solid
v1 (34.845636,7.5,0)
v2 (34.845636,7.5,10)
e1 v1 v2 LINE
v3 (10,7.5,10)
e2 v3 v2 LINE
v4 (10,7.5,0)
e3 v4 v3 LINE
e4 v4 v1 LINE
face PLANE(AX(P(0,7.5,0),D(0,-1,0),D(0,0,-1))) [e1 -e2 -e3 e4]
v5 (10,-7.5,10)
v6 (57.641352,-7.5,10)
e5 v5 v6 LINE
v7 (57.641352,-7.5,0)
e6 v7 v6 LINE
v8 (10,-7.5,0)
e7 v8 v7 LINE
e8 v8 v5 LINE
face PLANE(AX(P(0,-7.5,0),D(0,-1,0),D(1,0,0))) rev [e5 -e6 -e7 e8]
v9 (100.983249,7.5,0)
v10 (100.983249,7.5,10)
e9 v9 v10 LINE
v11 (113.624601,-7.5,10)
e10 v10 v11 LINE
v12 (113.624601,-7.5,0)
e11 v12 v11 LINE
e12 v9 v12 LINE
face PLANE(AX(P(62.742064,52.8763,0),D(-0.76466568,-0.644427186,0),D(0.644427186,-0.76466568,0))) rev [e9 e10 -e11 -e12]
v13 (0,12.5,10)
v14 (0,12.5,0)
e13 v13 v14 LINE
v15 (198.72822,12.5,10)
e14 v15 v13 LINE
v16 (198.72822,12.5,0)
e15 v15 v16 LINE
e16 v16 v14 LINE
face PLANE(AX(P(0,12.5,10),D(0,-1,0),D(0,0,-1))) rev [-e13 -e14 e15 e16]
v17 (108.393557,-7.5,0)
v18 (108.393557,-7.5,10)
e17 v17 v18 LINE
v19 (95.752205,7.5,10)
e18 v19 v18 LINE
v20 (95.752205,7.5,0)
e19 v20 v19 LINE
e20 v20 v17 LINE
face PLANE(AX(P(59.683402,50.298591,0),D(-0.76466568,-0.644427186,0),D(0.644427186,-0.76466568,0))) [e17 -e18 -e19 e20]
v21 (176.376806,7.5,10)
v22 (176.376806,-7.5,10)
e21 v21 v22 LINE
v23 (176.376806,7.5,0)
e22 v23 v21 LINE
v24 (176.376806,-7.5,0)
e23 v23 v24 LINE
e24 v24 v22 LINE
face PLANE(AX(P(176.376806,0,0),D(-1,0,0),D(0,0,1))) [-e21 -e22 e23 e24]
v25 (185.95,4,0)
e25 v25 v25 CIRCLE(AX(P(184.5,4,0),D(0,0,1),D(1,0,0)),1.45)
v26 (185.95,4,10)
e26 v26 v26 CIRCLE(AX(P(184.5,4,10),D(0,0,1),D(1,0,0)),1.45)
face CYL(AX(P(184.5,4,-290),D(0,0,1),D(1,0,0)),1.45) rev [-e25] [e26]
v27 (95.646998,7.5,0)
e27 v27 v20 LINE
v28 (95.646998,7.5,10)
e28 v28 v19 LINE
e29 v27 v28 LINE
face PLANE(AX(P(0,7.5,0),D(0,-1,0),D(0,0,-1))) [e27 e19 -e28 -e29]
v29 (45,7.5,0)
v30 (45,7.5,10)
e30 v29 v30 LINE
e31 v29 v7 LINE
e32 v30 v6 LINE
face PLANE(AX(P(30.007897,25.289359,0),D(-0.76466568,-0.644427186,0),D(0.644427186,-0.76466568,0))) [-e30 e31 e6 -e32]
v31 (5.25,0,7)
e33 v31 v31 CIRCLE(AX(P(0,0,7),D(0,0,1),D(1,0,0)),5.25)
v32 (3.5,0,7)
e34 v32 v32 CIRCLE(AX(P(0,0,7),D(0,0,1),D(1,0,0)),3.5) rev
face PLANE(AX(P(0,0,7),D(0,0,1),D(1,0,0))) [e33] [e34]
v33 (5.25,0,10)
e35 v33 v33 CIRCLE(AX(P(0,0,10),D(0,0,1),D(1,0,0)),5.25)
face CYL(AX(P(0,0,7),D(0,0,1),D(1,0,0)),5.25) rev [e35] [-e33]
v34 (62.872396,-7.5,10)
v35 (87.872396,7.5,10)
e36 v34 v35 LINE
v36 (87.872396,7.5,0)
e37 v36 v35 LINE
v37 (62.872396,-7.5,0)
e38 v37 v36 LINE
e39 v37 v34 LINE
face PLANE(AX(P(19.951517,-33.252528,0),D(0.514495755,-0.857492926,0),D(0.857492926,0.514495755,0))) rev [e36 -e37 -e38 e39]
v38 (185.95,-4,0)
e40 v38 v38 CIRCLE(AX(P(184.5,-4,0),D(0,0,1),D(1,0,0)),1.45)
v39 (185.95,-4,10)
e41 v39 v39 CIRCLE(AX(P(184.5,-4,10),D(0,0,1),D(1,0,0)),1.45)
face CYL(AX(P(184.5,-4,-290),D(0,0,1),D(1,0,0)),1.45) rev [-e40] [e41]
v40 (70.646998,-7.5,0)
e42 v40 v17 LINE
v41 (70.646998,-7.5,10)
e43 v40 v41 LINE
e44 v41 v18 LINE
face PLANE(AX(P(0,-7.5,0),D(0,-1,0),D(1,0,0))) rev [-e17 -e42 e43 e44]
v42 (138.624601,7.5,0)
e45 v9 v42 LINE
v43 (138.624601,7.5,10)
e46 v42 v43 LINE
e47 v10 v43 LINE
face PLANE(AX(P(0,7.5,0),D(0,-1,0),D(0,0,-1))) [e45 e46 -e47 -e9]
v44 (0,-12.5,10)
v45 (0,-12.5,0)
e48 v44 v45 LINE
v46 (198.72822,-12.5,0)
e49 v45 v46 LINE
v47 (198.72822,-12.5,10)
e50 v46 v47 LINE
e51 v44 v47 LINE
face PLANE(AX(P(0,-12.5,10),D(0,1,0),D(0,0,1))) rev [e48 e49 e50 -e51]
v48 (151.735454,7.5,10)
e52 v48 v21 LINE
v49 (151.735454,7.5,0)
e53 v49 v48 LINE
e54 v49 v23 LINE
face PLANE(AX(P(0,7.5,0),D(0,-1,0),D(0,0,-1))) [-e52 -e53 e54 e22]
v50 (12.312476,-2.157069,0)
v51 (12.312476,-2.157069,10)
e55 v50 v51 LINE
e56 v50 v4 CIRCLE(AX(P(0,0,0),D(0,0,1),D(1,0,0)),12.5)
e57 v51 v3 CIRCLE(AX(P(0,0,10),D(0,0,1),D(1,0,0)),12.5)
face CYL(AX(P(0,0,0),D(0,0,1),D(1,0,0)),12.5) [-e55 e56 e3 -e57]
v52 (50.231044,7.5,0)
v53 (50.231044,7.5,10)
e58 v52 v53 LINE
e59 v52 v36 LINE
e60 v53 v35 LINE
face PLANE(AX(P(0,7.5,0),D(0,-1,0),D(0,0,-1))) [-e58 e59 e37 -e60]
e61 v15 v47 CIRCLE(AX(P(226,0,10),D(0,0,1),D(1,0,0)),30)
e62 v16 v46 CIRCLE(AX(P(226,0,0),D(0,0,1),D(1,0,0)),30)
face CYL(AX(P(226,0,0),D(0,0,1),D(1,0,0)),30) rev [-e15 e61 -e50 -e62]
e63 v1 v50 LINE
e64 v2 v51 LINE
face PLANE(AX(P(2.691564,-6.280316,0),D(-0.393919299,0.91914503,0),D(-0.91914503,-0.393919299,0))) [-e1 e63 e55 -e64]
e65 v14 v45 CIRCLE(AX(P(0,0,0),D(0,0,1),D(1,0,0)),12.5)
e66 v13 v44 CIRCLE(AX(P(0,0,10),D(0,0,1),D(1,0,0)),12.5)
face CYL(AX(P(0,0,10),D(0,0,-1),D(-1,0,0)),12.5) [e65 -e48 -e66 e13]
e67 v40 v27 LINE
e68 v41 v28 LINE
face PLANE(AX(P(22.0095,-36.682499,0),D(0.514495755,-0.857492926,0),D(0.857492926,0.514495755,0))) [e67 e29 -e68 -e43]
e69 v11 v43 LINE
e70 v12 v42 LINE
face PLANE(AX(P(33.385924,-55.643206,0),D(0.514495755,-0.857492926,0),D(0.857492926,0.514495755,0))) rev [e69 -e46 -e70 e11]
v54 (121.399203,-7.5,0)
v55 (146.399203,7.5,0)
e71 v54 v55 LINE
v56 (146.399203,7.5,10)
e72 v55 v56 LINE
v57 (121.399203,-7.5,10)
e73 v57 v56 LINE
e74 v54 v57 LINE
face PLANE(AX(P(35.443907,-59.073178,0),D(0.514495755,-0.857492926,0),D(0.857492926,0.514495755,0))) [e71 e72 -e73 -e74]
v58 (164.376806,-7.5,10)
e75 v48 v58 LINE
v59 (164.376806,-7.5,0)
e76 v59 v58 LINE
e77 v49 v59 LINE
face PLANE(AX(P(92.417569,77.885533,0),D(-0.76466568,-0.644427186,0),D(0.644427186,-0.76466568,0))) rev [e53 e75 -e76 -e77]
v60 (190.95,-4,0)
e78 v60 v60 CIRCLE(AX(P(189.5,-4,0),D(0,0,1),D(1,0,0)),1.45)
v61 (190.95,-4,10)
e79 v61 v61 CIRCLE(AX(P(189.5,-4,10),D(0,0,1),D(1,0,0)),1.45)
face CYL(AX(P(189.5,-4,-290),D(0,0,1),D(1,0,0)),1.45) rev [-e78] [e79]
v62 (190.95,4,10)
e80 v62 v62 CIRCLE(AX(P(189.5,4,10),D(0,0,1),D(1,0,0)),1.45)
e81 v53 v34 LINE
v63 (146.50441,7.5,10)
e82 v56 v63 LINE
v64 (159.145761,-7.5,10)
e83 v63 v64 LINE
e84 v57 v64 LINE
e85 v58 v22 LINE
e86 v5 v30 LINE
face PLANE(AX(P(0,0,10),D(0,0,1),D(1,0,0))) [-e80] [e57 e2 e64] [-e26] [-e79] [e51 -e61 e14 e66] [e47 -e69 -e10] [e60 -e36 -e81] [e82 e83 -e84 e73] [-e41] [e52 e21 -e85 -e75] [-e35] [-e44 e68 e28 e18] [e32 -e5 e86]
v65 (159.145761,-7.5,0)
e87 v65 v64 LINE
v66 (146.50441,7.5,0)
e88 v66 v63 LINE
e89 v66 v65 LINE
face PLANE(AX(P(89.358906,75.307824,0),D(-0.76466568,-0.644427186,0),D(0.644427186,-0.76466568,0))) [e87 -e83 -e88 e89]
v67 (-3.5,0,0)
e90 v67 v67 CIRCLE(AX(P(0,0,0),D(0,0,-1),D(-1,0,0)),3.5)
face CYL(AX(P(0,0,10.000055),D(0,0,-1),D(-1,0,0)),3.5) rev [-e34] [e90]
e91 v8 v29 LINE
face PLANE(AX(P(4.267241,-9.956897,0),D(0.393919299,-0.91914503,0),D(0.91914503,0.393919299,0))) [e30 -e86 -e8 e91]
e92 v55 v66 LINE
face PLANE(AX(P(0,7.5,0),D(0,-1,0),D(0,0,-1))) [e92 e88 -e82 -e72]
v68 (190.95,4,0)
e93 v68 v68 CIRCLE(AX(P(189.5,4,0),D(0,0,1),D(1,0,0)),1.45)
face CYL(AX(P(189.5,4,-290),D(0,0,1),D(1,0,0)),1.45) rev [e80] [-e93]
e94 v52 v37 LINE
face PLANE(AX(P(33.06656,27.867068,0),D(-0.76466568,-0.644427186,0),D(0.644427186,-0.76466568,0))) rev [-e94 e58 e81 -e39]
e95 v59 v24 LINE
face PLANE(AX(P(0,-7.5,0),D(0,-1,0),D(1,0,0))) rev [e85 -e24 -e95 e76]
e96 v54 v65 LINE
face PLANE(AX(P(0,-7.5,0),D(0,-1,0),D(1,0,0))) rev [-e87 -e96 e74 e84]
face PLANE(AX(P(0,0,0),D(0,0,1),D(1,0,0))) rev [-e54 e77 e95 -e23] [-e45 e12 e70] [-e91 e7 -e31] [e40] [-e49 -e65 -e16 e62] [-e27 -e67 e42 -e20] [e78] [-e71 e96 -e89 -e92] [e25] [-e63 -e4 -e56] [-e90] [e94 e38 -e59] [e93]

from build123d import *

# Parameters (mm, degrees)
EXTRUDE_1_DEPTH          = 10
CUT_EXTRUDE_1_DEPTH      = 252.652538235
CUT_EXTRUDE_1_DEPTH_BACK = 252.652538235
SKETCH_7_R               = 3.5
CUT_EXTRUDE_5_DEPTH      = 252.652538235
SKETCH_8_R               = 5
CUT_EXTRUDE_6_DEPTH      = 3
SKETCH_9_R               = 3
CUT_EXTRUDE_7_DEPTH      = 252.652538235
SKETCH_10_R              = 5.25
CUT_EXTRUDE_8_DEPTH      = 3
CUT_EXTRUDE_START        = -10
SKETCH_11_R              = 27
CUT_EXTRUDE_9_DEPTH      = 10
SKETCH_12_R              = 30
CUT_EXTRUDE_10_DEPTH     = 10
SKETCH_14_R              = 1.45
CUT_EXTRUDE_12_DEPTH     = 300


with BuildPart() as part:
    # 草图1 → 凸台-拉伸1 (new body)
    with BuildSketch(Plane.XY):
        with BuildLine():
            Line((0, 12.5), (199.067804112, 12.5))
            ThreePointArc((199.067804112, 12.5), (250, 0), (199.067804112, -12.5))
            Line((199.067804112, -12.5), (0, -12.5))
            ThreePointArc((0, -12.5), (-12.5, 0), (0, 12.5))
        make_face()
    extrude(amount=EXTRUDE_1_DEPTH)

    # 草图3 → 切除-拉伸1 (cut, two sides: drawn at the far end of the back side and taken through both)
    with BuildSketch(Plane.XY.offset(10).offset(-CUT_EXTRUDE_1_DEPTH_BACK)):
        Polygon((176.376805713, 7.5), (151.73545401, 7.5), (164.376805713, -7.5), (176.376805713, -7.5), align=None)
        Polygon((159.145761472, -7.5), (146.504409769, 7.5), (146.399203355, 7.5), (121.399203355, -7.5), align=None)
        Polygon((113.624600829, -7.5), (138.624600829, 7.5), (100.983249125, 7.5), align=None)
        Polygon((70.646998471, -7.5), (108.393556588, -7.5), (95.752204884, 7.5), (95.646998471, 7.5), align=None)
        Polygon((50.231044241, 7.5), (62.872395944, -7.5), (87.872395944, 7.5), align=None)
        Polygon((10, -7.5), (57.641351703, -7.5), (45, 7.5), align=None)
        with BuildLine():
            Line((34.845635859, 7.5), (10, 7.5))
            ThreePointArc((10, 7.5), (12.156331085, 2.910947362), (12.312475569, -2.157068696))
            Line((12.312475569, -2.157068696), (34.845635859, 7.5))
        make_face()
    extrude(amount=CUT_EXTRUDE_1_DEPTH + CUT_EXTRUDE_1_DEPTH_BACK, mode=Mode.SUBTRACT)

    # 草图7 → 切除-拉伸5 (cut, through all)
    with BuildSketch(Plane(origin=(0, 0, 0), x_dir=(-1, 0, 0), z_dir=(0, 0, -1))):
        Circle(SKETCH_7_R)
    extrude(amount=-CUT_EXTRUDE_5_DEPTH, mode=Mode.SUBTRACT)

    # 草图8 → 切除-拉伸6 (cut)
    with BuildSketch(Plane(origin=(0, 0, 0), x_dir=(-1, 0, 0), z_dir=(0, 0, -1))):
        with Locations((-223, 0)):
            Circle(SKETCH_8_R)
    extrude(amount=-CUT_EXTRUDE_6_DEPTH, mode=Mode.SUBTRACT)

    # 草图9 → 切除-拉伸7 (cut, through all)
    with BuildSketch(Plane(origin=(0, 0, 0), x_dir=(-1, 0, 0), z_dir=(0, 0, -1))):
        with Locations((-223, 0)):
            Circle(SKETCH_9_R)
    extrude(amount=-CUT_EXTRUDE_7_DEPTH, mode=Mode.SUBTRACT)

    # 草图10 → 切除-拉伸8 (cut)
    with BuildSketch(Plane.XY.offset(10)):
        Circle(SKETCH_10_R)
    extrude(amount=-CUT_EXTRUDE_8_DEPTH, mode=Mode.SUBTRACT)

    # 草图11 → 切除-拉伸9 (cut)
    with BuildSketch(Plane.XY.offset(10).offset(CUT_EXTRUDE_START)):
        with Locations((223, 0)):
            Circle(SKETCH_11_R)
    extrude(amount=CUT_EXTRUDE_9_DEPTH, mode=Mode.SUBTRACT)

    # 草图12 → 切除-拉伸10 (cut)
    with BuildSketch(Plane.XY.offset(10)):
        with Locations((226, 0)):
            Circle(SKETCH_12_R)
    extrude(amount=-CUT_EXTRUDE_10_DEPTH, mode=Mode.SUBTRACT)

    # 草图14 → 切除-拉伸12 (cut)
    with BuildSketch(Plane.XY.offset(10)):
        with Locations((184.5, 4)):
            Circle(SKETCH_14_R)
        with Locations((189.5, 4)):
            Circle(SKETCH_14_R)
        with Locations((189.5, -4)):
            Circle(SKETCH_14_R)
        with Locations((184.5, -4)):
            Circle(SKETCH_14_R)
    extrude(amount=-CUT_EXTRUDE_12_DEPTH, mode=Mode.SUBTRACT)


solid = part.part
